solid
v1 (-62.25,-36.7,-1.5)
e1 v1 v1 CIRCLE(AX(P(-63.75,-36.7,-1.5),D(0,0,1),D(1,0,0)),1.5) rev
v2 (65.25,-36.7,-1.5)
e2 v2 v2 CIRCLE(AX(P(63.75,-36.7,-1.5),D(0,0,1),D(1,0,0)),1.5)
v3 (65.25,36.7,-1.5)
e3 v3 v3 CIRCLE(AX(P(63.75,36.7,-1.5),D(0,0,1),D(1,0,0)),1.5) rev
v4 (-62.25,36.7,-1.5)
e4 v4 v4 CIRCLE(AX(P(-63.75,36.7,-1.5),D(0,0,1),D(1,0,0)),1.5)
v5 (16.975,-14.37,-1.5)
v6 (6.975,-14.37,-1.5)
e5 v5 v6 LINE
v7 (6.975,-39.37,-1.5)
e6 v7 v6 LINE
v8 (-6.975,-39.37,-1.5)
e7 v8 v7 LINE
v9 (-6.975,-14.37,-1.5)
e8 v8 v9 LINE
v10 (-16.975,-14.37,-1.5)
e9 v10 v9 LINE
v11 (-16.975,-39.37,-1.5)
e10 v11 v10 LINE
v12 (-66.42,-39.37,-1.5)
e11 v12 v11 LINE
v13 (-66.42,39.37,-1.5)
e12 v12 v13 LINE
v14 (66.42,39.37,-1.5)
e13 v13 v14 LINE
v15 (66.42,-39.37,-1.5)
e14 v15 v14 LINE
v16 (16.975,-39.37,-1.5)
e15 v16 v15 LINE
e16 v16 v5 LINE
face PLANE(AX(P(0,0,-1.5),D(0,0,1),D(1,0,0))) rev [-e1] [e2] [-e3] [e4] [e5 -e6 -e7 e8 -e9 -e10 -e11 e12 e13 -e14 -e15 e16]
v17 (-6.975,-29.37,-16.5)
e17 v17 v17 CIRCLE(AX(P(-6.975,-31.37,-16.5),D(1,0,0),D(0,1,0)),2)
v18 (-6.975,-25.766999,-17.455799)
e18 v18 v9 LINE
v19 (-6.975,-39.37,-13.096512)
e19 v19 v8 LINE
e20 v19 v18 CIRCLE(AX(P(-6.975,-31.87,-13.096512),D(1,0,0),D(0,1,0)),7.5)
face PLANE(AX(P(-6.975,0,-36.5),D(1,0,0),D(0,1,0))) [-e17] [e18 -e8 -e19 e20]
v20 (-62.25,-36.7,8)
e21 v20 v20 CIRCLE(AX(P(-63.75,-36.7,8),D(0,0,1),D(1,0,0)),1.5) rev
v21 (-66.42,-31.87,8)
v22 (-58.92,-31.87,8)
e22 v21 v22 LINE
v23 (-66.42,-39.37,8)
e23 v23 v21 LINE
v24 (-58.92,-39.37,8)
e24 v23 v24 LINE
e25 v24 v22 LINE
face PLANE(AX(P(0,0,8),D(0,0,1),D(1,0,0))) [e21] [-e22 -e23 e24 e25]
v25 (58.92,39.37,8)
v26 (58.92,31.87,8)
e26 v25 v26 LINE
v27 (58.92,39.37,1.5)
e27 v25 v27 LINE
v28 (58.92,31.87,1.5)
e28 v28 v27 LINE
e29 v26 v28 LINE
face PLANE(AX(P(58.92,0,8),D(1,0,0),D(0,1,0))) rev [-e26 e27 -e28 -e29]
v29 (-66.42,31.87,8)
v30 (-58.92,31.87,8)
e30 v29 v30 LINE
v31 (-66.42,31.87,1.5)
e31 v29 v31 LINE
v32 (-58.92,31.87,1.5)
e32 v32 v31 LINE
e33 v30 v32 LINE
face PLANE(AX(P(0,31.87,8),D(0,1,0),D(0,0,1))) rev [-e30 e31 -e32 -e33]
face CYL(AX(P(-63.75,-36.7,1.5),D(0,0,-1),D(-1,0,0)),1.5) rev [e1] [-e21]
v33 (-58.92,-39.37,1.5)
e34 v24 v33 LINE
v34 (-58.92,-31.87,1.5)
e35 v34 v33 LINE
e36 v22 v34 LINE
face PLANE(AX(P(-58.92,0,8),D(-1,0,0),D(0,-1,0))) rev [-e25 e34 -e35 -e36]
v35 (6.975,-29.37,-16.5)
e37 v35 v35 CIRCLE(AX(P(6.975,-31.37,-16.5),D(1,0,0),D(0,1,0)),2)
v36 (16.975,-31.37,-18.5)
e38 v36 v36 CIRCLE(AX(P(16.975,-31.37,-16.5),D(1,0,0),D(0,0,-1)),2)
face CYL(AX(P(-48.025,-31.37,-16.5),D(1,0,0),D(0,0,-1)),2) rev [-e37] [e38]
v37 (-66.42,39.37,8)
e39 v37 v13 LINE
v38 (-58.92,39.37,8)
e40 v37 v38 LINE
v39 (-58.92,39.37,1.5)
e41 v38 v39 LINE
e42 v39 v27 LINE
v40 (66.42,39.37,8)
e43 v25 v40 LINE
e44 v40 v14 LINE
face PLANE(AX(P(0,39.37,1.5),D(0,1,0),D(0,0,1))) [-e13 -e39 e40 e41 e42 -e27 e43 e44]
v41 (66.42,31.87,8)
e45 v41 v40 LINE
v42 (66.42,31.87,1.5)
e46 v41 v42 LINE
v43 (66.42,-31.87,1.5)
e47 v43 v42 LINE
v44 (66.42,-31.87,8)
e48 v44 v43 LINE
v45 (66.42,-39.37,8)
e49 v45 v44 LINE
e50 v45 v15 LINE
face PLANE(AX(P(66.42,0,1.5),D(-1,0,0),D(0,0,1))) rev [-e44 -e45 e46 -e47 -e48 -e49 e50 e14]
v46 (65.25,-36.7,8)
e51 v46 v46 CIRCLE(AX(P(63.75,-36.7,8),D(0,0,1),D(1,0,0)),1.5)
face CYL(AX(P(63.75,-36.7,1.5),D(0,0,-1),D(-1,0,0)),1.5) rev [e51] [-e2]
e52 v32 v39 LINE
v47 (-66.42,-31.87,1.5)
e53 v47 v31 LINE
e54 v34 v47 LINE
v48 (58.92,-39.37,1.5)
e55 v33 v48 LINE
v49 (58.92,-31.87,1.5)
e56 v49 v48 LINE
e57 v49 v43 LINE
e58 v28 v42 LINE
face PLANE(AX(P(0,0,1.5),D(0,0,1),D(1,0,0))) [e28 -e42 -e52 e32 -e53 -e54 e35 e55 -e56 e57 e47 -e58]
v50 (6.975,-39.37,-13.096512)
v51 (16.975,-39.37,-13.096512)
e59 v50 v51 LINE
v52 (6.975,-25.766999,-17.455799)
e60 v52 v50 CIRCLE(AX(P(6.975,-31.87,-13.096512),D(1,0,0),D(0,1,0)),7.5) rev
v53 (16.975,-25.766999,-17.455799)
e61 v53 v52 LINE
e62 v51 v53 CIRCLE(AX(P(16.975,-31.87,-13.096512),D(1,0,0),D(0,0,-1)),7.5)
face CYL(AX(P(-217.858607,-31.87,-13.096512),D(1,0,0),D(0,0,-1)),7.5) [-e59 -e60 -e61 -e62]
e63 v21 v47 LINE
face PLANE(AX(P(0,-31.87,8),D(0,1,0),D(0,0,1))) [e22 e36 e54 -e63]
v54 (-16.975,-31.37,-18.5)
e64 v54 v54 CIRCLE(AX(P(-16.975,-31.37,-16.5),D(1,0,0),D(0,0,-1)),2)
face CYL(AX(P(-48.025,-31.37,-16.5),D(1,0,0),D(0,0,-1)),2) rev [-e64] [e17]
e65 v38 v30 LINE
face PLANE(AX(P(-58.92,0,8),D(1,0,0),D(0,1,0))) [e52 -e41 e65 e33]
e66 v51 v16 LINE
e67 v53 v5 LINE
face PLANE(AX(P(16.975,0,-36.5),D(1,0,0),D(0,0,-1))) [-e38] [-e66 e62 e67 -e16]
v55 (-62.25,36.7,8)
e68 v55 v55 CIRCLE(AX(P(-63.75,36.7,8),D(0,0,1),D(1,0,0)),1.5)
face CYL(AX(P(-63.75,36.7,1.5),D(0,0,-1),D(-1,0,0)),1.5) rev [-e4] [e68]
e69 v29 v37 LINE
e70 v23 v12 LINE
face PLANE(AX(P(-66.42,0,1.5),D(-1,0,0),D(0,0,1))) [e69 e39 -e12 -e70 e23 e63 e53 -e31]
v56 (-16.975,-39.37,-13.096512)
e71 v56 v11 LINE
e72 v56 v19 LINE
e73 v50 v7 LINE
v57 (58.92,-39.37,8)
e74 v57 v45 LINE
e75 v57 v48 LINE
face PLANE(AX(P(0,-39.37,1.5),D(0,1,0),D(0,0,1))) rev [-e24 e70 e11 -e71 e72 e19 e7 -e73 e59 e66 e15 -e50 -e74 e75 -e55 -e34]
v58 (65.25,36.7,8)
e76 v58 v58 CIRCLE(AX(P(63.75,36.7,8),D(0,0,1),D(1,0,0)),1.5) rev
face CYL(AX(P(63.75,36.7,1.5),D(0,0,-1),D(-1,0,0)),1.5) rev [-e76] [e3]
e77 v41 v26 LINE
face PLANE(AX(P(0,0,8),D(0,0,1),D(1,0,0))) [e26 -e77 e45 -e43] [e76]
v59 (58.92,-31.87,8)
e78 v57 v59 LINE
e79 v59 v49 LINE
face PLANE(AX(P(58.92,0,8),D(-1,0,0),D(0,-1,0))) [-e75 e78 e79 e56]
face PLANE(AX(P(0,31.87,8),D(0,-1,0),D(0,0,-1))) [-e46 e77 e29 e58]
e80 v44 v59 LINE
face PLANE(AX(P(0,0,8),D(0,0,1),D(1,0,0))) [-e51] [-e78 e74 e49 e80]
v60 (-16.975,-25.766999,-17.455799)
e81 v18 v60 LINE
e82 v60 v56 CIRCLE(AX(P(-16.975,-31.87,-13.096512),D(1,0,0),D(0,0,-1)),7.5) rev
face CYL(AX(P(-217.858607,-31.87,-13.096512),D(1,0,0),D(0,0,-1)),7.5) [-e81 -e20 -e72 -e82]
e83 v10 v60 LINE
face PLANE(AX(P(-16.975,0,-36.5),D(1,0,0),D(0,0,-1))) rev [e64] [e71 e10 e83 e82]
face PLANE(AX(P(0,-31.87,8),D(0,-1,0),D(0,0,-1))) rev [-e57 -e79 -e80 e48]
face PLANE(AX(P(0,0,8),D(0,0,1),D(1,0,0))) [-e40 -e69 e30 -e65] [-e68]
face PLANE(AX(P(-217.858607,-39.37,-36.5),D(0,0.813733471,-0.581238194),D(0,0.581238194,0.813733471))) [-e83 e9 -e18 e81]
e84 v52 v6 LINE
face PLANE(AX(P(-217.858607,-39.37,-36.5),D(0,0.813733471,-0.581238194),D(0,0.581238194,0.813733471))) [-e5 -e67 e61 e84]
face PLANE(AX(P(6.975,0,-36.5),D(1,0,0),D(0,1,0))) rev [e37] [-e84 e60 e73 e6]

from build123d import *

# Parameters (mm, degrees)
SKETCH1_W               = 7.5
SKETCH1_H               = 7.5
SKETCH1_R               = 1.5
BOSS_EXTRUDE1_DEPTH     = 1.5
SKETCH1_3_W             = 7.5
SKETCH1_3_H             = 7.5
SKETCH1_3_R             = 1.5
BOSS_EXTRUDE2_DEPTH     = 8
SKETCH2_W               = 10
SKETCH2_H               = 25
BOSS_EXTRUDE3_DEPTH     = 35
CUT_EXTRUDE1_DEPTH      = 100.181515037
CUT_EXTRUDE1_DEPTH_BACK = 65
SKETCH4_R               = 2
CUT_EXTRUDE2_DEPTH      = 65
FILLET1_R               = 7.5


with BuildPart() as part:
    # Sketch1 → Boss-Extrude1 (new, symmetric)
    # profile 1 of 5: a face of its own
    with BuildSketch(Plane.XY):
        Polygon((-58.92, -31.87), (-58.92, -39.37), (58.92, -39.37), (58.92, -31.87), (66.42, -31.87), (66.42, 31.87), (58.92, 31.87), (58.92, 39.37), (-58.92, 39.37), (-58.92, 31.87), (-66.42, 31.87), (-66.42, -31.87), align=None)
    # profile 2 of 5: a face of its own
    with BuildSketch(Plane.XY):
        with Locations((-62.67, -35.62)):
            Rectangle(SKETCH1_W, SKETCH1_H)
        with Locations((-63.75, -36.7)):
            Circle(SKETCH1_R, mode=Mode.SUBTRACT)
    # profile 3 of 5: a face of its own
    with BuildSketch(Plane.XY):
        with Locations((-62.67, 35.62)):
            Rectangle(SKETCH1_W, SKETCH1_H)
        with Locations((-63.75, 36.7)):
            Circle(SKETCH1_R, mode=Mode.SUBTRACT)
    # profile 4 of 5: a face of its own
    with BuildSketch(Plane.XY):
        with Locations((62.67, 35.62)):
            Rectangle(SKETCH1_W, SKETCH1_H)
        with Locations((63.75, 36.7)):
            Circle(SKETCH1_R, mode=Mode.SUBTRACT)
    # profile 5 of 5: a face of its own
    with BuildSketch(Plane.XY):
        with Locations((62.67, -35.62)):
            Rectangle(SKETCH1_W, SKETCH1_H)
        with Locations((63.75, -36.7)):
            Circle(SKETCH1_R, mode=Mode.SUBTRACT)
    extrude(amount=BOSS_EXTRUDE1_DEPTH, both=True)

    # Sketch1<3> → Boss-Extrude2 (add)
    # profile 1 of 4: a face of its own
    with BuildSketch(Plane.XY):
        with Locations((-62.67, -35.62)):
            Rectangle(SKETCH1_3_W, SKETCH1_3_H)
        with Locations((-63.75, -36.7)):
            Circle(SKETCH1_3_R, mode=Mode.SUBTRACT)
    # profile 2 of 4: a face of its own
    with BuildSketch(Plane.XY):
        with Locations((-62.67, 35.62)):
            Rectangle(SKETCH1_3_W, SKETCH1_3_H)
        with Locations((-63.75, 36.7)):
            Circle(SKETCH1_3_R, mode=Mode.SUBTRACT)
    # profile 3 of 4: a face of its own
    with BuildSketch(Plane.XY):
        with Locations((62.67, 35.62)):
            Rectangle(SKETCH1_3_W, SKETCH1_3_H)
        with Locations((63.75, 36.7)):
            Circle(SKETCH1_3_R, mode=Mode.SUBTRACT)
    # profile 4 of 4: a face of its own
    with BuildSketch(Plane.XY):
        with Locations((62.67, -35.62)):
            Rectangle(SKETCH1_3_W, SKETCH1_3_H)
        with Locations((63.75, -36.7)):
            Circle(SKETCH1_3_R, mode=Mode.SUBTRACT)
    extrude(amount=BOSS_EXTRUDE2_DEPTH)

    # Sketch2 → Boss-Extrude3 (add)
    with BuildSketch(Plane(origin=(0, 0, -1.5), x_dir=(-1, 0, 0), z_dir=(0, 0, -1))):
        with Locations((-11.975, -26.87)):
            Rectangle(SKETCH2_W, SKETCH2_H)
        with Locations((11.975, -26.87)):
            Rectangle(SKETCH2_W, SKETCH2_H)
    extrude(amount=BOSS_EXTRUDE3_DEPTH)

    # Sketch3 → Cut-Extrude1 (cut, two sides: drawn at the far end of the back side and taken through both)
    with BuildSketch(Plane.ZY.offset(16.975).offset(-CUT_EXTRUDE1_DEPTH_BACK)):
        Polygon((-36.5, -14.37), (-36.5, -39.37), (-1.5, -14.37), align=None)
    extrude(amount=CUT_EXTRUDE1_DEPTH + CUT_EXTRUDE1_DEPTH_BACK, mode=Mode.SUBTRACT)

    # Sketch4 → Cut-Extrude2 (cut)
    with BuildSketch(Plane(origin=(16.975, 0, 0), x_dir=(0, 0, -1), z_dir=(1, 0, 0))):
        with Locations((16.5, -31.37)):
            Circle(SKETCH4_R)
    extrude(amount=-CUT_EXTRUDE2_DEPTH, mode=Mode.SUBTRACT)

    # Fillet1
    fillet1_edges = [part.edges().sort_by_distance(p)[0] for p in [
        (11.975, -39.37, -36.5),
        (-11.975, -39.37, -36.5),
    ]]
    fillet(fillet1_edges, radius=FILLET1_R)


solid = part.part
